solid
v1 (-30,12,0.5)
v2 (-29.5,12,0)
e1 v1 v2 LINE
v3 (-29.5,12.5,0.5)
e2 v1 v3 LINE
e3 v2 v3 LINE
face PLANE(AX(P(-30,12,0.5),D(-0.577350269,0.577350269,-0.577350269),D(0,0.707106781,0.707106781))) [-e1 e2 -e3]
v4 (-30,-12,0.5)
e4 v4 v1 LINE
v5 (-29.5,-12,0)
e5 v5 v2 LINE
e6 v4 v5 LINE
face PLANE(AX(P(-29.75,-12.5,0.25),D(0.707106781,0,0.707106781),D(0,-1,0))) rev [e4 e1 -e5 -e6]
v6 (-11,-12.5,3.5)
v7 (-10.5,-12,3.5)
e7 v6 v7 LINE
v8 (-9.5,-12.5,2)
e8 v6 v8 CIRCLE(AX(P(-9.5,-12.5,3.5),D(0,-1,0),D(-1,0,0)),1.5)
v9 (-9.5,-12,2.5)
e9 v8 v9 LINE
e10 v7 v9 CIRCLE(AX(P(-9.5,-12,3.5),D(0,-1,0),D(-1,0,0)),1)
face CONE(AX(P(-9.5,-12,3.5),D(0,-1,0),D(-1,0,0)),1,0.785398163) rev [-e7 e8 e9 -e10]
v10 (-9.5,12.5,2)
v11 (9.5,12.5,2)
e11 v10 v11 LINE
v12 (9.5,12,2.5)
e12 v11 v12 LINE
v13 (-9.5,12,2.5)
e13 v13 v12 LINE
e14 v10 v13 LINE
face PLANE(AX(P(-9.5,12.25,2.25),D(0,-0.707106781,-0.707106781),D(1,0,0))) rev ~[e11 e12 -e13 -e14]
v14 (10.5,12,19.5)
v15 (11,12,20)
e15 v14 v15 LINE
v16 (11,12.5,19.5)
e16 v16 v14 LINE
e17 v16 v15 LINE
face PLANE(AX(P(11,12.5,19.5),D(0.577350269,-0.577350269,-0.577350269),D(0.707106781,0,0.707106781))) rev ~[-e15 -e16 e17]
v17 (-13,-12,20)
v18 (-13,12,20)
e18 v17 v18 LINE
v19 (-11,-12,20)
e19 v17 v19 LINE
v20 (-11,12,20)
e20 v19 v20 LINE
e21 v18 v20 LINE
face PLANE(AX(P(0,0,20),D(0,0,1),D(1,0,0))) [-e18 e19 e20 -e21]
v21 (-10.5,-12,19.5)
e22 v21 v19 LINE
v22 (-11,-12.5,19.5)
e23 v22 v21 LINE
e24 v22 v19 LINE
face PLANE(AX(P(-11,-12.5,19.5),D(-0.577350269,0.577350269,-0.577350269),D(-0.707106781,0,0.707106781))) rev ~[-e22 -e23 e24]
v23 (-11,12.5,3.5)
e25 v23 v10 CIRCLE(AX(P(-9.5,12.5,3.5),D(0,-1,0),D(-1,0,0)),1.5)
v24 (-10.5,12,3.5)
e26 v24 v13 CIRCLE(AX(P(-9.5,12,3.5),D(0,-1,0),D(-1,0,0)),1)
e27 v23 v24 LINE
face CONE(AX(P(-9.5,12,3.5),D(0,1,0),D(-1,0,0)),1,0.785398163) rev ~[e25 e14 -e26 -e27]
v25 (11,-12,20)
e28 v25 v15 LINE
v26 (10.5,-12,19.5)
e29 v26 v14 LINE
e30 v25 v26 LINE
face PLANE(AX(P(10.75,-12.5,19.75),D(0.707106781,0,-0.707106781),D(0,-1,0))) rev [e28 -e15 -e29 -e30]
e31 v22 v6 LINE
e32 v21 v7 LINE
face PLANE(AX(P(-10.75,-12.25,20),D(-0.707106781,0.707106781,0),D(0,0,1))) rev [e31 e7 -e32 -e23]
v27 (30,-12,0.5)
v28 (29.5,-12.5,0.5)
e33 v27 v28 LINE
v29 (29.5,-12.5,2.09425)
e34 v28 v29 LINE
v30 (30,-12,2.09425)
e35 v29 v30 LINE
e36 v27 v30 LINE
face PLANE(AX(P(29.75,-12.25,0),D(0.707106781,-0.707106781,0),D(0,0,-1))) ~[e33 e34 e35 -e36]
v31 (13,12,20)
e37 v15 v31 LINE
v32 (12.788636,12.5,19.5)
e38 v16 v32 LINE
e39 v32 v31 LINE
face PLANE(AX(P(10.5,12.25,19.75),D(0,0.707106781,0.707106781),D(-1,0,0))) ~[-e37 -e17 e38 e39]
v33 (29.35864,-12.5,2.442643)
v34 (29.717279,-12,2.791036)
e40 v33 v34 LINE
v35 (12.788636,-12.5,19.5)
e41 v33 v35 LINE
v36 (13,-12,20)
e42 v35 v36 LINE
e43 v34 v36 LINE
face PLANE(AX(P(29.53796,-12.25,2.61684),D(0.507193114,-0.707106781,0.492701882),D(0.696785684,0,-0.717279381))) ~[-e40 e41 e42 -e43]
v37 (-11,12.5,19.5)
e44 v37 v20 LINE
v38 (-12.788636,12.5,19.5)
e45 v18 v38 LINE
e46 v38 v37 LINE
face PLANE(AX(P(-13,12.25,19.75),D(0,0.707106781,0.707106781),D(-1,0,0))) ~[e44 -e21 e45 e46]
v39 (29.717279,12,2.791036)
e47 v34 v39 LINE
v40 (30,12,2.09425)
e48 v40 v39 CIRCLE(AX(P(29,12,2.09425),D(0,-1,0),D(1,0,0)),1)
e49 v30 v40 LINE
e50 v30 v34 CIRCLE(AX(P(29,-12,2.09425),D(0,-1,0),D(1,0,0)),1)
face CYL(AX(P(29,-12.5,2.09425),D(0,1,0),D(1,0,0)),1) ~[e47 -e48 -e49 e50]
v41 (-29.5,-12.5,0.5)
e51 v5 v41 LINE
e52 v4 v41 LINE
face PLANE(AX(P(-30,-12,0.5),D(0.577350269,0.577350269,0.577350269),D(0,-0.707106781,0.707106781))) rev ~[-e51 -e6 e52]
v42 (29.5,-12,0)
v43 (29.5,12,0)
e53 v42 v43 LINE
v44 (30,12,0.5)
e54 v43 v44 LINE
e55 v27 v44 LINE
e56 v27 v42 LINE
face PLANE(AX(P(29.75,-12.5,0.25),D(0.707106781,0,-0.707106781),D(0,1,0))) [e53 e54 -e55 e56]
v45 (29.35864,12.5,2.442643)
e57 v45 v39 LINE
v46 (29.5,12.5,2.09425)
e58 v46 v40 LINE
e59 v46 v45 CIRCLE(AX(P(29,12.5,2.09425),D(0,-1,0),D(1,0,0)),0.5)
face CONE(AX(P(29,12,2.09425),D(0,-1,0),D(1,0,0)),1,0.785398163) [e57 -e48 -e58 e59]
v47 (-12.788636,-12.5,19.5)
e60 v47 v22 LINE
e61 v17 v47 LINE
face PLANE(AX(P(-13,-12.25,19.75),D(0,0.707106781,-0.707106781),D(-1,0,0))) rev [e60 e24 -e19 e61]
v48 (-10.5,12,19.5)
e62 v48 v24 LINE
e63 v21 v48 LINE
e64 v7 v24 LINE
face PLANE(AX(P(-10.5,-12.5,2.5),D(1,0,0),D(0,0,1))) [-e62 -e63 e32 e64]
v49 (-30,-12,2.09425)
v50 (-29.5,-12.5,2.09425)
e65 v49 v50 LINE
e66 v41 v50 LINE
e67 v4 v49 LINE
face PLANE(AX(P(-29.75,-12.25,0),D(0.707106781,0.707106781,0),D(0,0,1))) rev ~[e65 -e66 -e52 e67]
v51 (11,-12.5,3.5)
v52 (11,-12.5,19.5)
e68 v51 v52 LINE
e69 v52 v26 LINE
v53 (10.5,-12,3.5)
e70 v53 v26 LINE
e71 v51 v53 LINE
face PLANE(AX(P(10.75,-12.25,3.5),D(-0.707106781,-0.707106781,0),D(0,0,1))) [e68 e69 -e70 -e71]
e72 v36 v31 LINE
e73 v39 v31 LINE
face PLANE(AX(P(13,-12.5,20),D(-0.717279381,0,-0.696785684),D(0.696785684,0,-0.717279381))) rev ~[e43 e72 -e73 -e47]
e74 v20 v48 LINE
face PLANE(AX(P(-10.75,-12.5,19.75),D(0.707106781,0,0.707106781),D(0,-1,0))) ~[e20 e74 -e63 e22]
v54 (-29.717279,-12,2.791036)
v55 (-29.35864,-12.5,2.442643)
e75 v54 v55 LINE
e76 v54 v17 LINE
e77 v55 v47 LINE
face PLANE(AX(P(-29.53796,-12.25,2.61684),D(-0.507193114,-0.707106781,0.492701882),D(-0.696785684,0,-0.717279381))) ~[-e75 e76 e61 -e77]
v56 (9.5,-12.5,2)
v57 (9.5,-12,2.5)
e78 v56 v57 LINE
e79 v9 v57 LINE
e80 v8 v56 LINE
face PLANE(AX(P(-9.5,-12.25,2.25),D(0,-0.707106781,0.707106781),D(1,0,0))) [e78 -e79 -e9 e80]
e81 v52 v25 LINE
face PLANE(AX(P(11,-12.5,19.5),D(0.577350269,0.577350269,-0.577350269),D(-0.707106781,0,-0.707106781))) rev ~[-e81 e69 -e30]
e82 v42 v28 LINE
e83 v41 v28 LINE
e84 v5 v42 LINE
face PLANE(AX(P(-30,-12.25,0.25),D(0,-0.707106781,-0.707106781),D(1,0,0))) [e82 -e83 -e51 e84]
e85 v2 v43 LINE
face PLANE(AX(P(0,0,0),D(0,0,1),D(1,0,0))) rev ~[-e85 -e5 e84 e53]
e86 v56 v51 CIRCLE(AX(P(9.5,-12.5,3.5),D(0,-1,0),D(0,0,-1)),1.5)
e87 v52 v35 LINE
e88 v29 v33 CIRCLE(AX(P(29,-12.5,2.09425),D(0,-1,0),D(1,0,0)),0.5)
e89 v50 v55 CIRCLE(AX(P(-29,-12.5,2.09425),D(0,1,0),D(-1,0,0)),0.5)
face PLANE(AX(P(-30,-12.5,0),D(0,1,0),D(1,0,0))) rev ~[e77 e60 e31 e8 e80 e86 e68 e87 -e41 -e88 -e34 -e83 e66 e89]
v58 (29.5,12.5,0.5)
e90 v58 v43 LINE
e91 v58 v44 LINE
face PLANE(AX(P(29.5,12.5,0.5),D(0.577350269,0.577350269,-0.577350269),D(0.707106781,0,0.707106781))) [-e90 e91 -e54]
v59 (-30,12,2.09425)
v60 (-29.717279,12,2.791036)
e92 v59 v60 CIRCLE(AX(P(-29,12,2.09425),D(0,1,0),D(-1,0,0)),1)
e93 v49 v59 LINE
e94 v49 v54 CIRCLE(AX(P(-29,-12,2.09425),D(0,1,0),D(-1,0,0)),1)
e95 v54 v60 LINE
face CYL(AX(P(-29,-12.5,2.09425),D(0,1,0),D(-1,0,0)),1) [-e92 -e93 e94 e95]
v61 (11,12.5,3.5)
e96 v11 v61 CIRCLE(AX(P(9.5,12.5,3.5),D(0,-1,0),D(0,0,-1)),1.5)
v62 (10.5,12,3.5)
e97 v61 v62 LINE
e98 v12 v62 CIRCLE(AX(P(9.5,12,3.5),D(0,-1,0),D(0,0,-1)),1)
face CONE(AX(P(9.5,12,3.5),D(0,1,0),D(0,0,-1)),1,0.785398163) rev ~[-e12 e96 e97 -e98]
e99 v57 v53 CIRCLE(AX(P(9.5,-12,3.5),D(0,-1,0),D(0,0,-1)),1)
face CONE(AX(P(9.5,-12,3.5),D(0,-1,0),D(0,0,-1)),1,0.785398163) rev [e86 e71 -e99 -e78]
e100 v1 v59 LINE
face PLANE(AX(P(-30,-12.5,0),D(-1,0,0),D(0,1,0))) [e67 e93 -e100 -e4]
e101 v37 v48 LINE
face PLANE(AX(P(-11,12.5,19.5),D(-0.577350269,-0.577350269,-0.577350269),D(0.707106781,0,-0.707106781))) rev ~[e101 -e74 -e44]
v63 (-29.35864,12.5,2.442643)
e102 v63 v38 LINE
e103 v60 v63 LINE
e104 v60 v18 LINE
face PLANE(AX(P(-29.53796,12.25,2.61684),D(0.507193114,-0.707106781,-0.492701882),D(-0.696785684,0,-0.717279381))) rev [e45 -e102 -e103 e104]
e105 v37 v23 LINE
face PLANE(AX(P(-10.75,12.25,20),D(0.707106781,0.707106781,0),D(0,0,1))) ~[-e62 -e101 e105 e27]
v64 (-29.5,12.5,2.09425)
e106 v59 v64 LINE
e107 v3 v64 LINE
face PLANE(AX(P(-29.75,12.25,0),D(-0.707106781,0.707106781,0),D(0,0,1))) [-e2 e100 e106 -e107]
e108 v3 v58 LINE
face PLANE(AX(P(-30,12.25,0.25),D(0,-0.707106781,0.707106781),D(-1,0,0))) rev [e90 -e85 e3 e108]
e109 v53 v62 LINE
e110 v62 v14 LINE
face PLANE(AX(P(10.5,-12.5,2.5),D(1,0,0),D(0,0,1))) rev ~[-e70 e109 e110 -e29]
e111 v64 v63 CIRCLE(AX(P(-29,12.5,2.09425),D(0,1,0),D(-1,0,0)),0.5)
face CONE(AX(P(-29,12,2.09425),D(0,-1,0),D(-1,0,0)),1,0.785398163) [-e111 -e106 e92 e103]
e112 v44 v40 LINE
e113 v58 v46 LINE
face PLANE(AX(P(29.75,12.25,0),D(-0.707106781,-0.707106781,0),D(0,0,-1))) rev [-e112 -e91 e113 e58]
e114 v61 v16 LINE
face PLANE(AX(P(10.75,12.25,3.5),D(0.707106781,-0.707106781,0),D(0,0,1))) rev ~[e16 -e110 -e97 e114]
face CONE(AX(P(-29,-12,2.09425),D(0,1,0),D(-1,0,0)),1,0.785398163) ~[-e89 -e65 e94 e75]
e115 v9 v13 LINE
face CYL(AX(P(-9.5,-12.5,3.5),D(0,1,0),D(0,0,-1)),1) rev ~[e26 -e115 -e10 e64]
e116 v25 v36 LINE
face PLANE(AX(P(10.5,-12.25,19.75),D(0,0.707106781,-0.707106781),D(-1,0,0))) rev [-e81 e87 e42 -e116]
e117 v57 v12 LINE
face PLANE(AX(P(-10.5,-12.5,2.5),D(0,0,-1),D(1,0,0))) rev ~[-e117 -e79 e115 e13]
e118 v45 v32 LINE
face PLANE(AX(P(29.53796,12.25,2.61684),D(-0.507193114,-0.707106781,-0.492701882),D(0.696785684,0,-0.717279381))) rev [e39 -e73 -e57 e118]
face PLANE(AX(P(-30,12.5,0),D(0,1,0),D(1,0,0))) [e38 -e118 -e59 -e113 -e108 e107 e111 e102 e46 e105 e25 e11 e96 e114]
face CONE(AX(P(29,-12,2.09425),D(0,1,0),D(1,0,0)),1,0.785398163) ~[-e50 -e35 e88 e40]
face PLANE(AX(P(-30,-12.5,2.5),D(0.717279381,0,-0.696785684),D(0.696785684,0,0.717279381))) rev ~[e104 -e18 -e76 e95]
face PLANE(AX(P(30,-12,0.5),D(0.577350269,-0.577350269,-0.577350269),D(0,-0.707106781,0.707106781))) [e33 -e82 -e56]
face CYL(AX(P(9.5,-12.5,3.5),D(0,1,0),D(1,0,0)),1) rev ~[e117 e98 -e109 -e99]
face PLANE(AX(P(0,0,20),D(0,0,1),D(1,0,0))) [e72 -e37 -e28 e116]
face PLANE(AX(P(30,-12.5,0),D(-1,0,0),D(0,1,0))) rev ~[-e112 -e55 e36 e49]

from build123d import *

# Parameters (mm, degrees)
F0_W     = 60
F0_H     = 25
F1_DEPTH = 20
F2_W     = 21
F2_H     = 17.5
F3_DEPTH = 25.001
F4_R     = 1
F5_SIZE  = 0.5


with BuildPart() as f1:
    # F0 (on Top) → F1 (new body)
    with BuildSketch(Plane.XY):
        Rectangle(F0_W, F0_H)
    extrude(amount=F1_DEPTH)

    # F2 (on face) → F3 (cut, through all)
    with BuildSketch(Plane.XZ.offset(12.5)):
        with Locations((0, 11.25)):
            Rectangle(F2_W, F2_H)
        Polygon((-30, 2.5), (-13, 20), (-30, 20), align=None)
        Polygon((30, 2.5), (30, 20), (13, 20), align=None)
    extrude(amount=-F3_DEPTH, mode=Mode.SUBTRACT)

    # F4
    f4_edges = [f1.edges().sort_by_distance(p)[0] for p in [
        (-10.5, 0, 2.5),
        (10.5, 0, 2.5),
        (-30, 0, 2.5),
        (30, 0, 2.5),
    ]]
    fillet(f4_edges, radius=F4_R)

    # F5
    f5_edges = [f1.edges().sort_by_distance(p)[0] for p in [
        (0, -12.5, 0),
        (30, 0, 0),
        (0, 12.5, 0),
        (-30, 0, 0),
        (-10.5, 0, 20),
        (10.5, 0, 20),
        (30, -12.5, 1.047125),
        (29.926628, -12.5, 2.470229),
        (21.35864, -12.5, 11.395518),
        (-30, -12.5, 1.047125),
        (11.75, -12.5, 20),
        (-29.926628, -12.5, 2.470229),
        (10.5, -12.5, 11.75),
        (-21.35864, -12.5, 11.395518),
        (10.207107, -12.5, 2.792893),
        (-11.75, -12.5, 20),
        (0, -12.5, 2.5),
        (-10.5, -12.5, 11.75),
        (-10.207107, -12.5, 2.792893),
        (-30, 12.5, 1.047125),
        (-29.926628, 12.5, 2.470229),
        (-21.35864, 12.5, 11.395518),
        (30, 12.5, 1.047125),
        (-11.75, 12.5, 20),
        (29.926628, 12.5, 2.470229),
        (-10.5, 12.5, 11.75),
        (21.35864, 12.5, 11.395518),
        (-10.207107, 12.5, 2.792893),
        (11.75, 12.5, 20),
        (0, 12.5, 2.5),
        (10.5, 12.5, 11.75),
        (10.207107, 12.5, 2.792893),
    ]]
    chamfer(f5_edges, length=F5_SIZE)


solid = f1.part
